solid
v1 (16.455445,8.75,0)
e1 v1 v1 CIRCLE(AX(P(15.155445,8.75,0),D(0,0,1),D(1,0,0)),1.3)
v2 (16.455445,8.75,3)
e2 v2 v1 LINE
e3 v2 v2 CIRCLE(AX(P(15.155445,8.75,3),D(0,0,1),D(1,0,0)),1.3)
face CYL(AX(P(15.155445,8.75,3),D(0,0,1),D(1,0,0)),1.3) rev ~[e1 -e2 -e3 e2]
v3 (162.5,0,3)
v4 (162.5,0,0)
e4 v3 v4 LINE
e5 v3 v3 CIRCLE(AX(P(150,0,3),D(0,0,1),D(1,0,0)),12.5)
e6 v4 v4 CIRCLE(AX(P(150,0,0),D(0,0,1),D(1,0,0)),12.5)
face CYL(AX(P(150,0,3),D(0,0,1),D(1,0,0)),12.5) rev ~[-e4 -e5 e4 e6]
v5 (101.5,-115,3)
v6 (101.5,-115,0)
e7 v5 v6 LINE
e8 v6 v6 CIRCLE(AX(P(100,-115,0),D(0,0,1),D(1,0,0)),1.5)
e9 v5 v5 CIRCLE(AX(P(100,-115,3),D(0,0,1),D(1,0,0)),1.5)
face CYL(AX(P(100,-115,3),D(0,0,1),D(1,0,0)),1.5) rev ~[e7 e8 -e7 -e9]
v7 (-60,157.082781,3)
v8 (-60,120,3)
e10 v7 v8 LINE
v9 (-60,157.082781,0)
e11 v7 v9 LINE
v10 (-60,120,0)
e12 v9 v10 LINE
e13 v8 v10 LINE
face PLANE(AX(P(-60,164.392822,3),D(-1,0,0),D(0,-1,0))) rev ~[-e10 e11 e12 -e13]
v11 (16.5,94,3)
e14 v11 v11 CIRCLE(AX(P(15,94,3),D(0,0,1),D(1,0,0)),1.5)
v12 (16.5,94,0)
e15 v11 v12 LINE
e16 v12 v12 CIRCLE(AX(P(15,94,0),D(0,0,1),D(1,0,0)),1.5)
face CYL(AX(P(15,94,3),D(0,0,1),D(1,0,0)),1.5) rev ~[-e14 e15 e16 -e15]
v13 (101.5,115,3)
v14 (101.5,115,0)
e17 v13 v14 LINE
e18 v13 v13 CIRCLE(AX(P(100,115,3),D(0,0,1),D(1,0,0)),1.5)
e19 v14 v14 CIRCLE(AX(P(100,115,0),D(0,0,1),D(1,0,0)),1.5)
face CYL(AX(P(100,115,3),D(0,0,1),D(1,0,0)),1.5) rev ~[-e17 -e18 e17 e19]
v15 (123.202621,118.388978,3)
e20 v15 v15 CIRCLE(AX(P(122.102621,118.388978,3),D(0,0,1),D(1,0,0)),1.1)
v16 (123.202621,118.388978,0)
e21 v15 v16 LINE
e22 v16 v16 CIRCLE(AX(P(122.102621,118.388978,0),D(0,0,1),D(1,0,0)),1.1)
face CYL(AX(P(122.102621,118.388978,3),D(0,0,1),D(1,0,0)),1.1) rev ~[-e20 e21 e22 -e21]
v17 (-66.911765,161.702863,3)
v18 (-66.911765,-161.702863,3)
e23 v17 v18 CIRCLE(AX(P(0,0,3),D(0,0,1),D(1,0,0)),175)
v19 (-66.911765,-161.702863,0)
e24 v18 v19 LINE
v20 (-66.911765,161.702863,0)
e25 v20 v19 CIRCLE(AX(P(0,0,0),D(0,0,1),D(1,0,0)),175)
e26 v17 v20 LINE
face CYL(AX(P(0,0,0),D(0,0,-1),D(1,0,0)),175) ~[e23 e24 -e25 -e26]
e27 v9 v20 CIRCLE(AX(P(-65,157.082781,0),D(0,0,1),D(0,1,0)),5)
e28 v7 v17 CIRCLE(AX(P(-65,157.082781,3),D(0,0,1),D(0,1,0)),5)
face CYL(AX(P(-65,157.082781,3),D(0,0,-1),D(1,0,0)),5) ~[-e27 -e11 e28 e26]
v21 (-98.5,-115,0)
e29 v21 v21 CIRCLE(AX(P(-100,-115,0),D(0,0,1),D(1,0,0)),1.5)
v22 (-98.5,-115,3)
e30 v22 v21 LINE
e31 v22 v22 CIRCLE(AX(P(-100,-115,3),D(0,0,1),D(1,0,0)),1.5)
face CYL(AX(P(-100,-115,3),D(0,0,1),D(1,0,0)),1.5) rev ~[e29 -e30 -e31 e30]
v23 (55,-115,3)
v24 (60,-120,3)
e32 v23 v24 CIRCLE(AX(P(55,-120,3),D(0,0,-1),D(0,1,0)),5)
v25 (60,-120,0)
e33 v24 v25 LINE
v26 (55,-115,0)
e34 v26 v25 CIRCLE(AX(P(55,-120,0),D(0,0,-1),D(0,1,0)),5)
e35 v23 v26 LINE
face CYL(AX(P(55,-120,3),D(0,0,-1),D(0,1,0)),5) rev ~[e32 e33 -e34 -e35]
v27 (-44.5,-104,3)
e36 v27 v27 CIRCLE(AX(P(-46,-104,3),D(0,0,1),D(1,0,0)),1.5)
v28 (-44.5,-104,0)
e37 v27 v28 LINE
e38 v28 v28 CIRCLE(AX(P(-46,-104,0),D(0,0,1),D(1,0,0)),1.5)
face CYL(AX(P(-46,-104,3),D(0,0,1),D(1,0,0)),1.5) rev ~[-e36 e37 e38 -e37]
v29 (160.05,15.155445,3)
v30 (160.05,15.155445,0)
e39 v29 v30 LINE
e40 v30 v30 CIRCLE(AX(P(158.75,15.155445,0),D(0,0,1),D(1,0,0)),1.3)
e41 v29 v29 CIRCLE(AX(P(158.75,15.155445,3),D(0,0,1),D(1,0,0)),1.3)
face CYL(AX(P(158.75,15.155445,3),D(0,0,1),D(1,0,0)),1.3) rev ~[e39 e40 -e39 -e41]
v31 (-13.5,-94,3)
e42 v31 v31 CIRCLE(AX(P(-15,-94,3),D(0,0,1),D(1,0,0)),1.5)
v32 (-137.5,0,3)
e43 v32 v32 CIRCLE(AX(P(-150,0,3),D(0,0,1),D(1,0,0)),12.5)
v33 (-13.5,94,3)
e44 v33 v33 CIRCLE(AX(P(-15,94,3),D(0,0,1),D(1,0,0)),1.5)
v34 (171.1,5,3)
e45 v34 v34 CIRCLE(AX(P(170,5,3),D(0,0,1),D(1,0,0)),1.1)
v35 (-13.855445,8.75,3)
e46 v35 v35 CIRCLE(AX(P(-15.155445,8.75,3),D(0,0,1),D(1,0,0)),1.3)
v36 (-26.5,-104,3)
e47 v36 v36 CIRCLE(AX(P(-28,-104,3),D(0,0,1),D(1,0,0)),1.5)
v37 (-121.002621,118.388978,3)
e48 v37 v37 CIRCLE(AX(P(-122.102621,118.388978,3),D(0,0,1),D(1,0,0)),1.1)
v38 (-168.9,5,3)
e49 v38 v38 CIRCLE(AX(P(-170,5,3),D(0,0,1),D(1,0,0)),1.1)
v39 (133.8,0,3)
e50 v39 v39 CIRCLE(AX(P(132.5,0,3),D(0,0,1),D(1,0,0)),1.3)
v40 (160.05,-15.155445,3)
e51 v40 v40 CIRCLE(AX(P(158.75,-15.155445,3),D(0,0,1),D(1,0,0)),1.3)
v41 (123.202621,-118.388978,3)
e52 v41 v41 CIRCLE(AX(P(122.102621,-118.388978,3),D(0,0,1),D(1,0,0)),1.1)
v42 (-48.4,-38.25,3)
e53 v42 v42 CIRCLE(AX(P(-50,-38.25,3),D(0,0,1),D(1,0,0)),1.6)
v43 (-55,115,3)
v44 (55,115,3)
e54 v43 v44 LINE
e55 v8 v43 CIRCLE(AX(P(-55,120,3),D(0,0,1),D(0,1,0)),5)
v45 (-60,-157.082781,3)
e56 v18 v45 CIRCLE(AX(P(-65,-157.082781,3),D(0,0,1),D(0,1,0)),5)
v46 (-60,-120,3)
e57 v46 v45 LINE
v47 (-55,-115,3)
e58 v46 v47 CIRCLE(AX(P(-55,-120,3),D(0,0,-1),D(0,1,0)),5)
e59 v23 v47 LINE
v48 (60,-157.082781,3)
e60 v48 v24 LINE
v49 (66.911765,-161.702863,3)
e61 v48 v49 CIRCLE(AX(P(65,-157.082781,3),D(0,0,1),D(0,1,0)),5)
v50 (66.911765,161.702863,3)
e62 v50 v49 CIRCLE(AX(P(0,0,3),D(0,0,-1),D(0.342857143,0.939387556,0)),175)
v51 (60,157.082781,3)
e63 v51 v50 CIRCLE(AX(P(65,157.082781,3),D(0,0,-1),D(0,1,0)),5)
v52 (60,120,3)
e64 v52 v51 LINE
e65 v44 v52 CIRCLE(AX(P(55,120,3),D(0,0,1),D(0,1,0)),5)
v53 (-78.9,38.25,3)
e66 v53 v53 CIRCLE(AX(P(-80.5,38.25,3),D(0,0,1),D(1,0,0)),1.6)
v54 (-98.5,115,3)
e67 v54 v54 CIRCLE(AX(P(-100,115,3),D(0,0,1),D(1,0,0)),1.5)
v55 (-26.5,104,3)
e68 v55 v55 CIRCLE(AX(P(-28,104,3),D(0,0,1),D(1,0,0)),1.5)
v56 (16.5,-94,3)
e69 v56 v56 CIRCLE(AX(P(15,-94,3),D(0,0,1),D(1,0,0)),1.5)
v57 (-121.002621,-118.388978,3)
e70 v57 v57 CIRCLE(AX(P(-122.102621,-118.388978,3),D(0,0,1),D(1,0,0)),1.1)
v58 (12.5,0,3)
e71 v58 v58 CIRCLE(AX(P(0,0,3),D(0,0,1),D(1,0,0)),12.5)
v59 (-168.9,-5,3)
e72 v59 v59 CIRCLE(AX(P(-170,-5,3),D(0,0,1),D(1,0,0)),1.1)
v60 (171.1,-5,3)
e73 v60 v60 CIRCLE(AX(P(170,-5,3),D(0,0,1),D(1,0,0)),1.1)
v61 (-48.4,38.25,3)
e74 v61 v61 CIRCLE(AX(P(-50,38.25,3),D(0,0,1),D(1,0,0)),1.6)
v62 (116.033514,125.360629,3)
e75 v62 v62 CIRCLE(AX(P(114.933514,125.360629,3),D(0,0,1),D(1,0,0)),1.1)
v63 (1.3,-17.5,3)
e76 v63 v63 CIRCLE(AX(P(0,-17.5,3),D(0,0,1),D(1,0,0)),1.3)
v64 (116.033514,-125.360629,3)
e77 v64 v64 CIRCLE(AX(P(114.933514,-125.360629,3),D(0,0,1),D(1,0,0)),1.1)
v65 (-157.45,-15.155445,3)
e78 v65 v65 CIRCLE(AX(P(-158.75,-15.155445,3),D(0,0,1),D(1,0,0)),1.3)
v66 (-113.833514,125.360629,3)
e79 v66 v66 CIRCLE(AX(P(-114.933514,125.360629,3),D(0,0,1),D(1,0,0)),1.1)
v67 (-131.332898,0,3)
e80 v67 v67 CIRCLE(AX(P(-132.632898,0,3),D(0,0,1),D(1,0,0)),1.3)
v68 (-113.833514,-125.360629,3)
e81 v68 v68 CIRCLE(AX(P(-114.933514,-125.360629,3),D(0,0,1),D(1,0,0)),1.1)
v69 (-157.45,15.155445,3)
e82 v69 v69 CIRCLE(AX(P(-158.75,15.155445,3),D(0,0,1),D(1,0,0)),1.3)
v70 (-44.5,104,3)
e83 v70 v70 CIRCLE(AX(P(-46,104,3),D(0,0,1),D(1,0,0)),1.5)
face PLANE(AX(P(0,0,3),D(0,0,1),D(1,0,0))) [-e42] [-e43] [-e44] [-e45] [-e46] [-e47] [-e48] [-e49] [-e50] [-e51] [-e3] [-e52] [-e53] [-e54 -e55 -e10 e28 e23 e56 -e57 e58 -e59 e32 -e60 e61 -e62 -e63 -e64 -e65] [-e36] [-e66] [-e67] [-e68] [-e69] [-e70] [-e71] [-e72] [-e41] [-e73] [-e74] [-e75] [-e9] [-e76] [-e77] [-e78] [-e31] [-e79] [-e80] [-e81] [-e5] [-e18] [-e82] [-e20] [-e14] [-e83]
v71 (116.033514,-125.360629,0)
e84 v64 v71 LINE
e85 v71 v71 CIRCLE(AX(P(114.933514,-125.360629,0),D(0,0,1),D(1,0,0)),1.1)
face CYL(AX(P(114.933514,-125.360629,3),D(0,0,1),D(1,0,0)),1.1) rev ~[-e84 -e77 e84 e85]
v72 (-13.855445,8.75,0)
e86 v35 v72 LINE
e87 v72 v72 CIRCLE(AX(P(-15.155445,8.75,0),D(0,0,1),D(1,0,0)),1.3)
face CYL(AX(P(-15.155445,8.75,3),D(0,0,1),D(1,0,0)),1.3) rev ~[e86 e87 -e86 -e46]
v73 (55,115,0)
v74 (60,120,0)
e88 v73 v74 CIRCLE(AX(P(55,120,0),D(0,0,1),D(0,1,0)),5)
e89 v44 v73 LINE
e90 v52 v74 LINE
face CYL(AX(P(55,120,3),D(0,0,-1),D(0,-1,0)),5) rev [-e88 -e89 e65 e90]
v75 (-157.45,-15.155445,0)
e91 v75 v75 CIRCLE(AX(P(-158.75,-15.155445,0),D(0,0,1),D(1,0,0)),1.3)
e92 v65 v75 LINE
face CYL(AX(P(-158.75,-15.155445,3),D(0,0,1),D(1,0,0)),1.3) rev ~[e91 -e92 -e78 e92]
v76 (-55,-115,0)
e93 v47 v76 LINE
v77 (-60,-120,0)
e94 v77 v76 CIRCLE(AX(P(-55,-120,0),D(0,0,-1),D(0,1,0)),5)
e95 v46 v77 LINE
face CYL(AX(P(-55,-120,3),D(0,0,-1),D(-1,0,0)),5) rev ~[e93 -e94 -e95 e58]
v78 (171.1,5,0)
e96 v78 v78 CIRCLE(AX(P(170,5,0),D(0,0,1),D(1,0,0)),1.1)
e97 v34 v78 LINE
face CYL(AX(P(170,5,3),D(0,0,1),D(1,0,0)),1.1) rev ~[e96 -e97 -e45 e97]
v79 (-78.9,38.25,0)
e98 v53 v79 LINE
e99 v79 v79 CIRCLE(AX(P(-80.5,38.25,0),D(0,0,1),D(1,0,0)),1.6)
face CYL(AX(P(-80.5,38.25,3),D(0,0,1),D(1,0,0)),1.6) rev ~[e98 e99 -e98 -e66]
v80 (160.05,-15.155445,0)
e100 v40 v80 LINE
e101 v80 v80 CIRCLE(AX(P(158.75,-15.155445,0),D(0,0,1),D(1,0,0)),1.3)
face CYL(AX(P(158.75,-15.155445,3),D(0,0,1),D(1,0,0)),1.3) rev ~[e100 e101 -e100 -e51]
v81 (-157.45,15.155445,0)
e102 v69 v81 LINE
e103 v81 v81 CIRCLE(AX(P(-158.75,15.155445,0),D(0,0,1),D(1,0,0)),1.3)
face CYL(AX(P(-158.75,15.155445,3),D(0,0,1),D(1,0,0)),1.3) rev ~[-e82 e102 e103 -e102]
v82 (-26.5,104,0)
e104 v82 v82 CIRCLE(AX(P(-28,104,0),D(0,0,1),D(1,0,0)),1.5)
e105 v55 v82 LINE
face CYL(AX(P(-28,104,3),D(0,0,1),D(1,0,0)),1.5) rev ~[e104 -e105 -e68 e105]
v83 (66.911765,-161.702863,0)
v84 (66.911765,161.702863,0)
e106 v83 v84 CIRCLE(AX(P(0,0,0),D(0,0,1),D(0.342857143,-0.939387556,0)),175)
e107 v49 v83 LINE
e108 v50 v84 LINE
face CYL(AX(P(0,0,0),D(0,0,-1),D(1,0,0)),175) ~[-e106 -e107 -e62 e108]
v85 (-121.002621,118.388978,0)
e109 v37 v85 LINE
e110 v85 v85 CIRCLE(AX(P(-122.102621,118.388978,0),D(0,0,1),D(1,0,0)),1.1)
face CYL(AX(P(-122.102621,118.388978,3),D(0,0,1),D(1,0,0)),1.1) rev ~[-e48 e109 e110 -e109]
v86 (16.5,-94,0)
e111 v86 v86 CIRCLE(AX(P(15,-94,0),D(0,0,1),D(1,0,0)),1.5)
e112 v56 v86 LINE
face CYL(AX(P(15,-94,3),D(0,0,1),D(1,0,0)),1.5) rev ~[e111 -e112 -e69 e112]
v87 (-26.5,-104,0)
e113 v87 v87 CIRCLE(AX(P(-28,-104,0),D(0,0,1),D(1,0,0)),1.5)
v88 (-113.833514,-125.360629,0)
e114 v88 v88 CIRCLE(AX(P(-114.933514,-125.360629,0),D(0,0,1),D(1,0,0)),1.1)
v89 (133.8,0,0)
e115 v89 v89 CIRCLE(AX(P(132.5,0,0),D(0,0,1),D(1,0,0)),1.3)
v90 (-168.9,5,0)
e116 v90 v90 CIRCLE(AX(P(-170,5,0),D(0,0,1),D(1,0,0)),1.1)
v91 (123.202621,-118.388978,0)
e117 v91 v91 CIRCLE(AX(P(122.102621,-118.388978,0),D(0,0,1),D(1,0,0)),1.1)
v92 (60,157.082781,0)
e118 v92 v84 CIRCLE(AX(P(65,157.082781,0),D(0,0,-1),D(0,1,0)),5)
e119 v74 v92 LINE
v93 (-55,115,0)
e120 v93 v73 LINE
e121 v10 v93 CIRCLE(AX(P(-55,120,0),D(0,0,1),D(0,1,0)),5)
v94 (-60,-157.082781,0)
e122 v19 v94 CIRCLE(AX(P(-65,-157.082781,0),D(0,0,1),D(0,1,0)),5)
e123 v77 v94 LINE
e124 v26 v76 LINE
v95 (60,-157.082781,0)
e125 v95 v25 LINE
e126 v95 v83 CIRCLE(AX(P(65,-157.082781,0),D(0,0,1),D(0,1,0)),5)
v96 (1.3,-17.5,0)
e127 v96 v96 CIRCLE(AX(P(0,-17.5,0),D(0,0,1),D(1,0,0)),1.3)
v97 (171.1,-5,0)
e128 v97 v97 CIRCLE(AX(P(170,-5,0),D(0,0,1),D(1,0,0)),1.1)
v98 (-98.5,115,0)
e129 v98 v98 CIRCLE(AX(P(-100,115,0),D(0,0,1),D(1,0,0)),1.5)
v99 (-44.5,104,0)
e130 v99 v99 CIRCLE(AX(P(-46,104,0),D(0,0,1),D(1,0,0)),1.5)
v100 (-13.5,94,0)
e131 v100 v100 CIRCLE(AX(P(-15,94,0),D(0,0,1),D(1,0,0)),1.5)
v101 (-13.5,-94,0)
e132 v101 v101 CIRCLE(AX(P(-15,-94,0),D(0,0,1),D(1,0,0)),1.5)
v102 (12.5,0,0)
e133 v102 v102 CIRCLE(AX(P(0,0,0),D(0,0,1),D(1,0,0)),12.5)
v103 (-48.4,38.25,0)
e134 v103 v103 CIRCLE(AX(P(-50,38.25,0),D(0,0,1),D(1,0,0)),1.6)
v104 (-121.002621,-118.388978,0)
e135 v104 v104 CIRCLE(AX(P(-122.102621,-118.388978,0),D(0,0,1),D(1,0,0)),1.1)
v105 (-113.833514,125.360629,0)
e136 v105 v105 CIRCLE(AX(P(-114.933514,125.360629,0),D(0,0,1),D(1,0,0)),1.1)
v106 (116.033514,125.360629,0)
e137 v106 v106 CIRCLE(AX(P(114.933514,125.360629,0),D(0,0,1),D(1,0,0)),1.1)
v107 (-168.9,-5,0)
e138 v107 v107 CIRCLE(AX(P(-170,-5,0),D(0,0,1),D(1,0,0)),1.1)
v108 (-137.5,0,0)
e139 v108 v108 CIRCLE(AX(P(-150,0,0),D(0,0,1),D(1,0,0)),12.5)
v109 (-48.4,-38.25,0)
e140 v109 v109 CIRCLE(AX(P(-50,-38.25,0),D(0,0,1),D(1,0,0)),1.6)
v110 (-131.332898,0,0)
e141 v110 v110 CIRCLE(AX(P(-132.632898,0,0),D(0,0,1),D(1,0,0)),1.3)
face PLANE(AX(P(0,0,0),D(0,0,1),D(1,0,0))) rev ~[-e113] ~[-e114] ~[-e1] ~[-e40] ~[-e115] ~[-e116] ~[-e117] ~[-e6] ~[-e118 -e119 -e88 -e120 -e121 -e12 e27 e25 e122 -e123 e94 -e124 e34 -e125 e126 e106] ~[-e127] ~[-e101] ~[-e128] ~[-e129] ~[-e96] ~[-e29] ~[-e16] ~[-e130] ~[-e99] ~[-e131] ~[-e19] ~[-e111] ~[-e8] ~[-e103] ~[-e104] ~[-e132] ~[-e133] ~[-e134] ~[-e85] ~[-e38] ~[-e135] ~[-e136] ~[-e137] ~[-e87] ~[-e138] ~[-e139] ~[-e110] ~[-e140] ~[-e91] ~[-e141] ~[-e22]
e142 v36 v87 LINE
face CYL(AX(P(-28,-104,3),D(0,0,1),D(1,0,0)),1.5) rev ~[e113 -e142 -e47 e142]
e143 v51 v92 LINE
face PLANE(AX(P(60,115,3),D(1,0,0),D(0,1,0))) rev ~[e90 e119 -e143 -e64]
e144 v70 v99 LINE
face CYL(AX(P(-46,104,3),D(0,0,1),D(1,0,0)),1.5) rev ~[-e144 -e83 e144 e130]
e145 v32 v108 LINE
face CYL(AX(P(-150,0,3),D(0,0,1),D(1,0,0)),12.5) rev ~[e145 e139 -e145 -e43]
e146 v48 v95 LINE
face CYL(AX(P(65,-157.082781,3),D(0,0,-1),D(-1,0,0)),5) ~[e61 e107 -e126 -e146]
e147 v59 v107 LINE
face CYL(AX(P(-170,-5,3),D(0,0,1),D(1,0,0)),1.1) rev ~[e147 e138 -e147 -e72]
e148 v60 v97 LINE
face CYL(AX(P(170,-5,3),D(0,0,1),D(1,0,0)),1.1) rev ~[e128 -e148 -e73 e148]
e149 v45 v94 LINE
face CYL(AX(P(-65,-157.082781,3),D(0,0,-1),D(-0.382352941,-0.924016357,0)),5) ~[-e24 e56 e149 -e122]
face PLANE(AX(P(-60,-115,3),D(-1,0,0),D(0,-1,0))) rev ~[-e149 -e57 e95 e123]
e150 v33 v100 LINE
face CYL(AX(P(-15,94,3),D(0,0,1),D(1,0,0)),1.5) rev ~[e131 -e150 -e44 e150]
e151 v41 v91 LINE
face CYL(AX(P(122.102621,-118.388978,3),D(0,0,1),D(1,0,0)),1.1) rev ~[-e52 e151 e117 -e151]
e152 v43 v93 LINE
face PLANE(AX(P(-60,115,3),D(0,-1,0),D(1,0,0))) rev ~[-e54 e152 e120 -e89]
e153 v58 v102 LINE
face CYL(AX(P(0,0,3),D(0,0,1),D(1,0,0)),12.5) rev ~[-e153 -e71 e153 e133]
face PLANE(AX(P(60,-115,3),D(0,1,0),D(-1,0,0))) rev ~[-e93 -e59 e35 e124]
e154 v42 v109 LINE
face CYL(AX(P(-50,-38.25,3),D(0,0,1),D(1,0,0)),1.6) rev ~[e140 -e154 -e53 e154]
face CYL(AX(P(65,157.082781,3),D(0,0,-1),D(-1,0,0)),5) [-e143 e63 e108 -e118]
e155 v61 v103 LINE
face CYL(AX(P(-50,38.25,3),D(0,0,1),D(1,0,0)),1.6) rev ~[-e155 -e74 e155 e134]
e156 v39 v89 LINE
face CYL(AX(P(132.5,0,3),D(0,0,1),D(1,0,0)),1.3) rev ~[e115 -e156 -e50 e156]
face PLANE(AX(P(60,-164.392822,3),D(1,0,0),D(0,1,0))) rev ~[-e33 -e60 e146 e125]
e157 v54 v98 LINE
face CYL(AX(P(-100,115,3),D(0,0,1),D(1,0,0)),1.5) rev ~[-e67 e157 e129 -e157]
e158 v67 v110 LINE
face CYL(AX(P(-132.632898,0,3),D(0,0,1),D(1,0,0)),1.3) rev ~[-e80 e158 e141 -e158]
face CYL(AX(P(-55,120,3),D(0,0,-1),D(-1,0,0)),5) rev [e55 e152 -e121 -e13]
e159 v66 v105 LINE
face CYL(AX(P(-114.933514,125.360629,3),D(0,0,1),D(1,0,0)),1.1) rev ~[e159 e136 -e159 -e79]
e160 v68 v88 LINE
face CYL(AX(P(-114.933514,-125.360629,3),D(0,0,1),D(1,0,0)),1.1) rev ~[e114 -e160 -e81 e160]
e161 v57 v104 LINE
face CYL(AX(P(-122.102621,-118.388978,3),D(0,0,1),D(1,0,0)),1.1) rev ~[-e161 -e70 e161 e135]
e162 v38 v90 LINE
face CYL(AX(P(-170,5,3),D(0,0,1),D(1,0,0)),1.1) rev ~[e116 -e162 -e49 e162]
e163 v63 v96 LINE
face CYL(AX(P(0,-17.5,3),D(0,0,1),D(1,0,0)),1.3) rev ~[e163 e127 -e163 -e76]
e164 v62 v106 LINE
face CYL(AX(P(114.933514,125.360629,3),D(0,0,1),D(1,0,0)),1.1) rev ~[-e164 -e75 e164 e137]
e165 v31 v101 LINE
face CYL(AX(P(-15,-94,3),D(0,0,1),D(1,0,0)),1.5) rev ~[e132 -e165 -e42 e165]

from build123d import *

# Parameters (mm, degrees)
SKETCH_1_R           = 175
EXTRUDE_1_DEPTH      = 3
CUT_EXTRUDE_1_DEPTH  = 3
FILLET_1_R           = 5
FILLET_2_R           = 5
FILLET_3_R           = 5
SKETCH_5_R           = 1.5
CUT_EXTRUDE_4_DEPTH  = 3
SKETCH_10_R          = 12.5
SKETCH_10_R_2        = 1.3
CUT_EXTRUDE_13_DEPTH = 10
SKETCH_14_R          = 1.1
CUT_EXTRUDE_14_DEPTH = 10
SKETCH_12_R          = 1.5
CUT_EXTRUDE_17_DEPTH = 10
SKETCH_13_R          = 1.5
CUT_EXTRUDE_18_DEPTH = 5
SKETCH_17_R          = 1.1
CUT_EXTRUDE_19_DEPTH = 10
SKETCH_18_R          = 1.6
CUT_EXTRUDE_20_DEPTH = 10


with BuildPart() as part:
    # ｽｹｯﾁ1 → ﾎﾞｽ - 押し出し1 (new body)
    with BuildSketch(Plane.XY):
        Circle(SKETCH_1_R)
    extrude(amount=EXTRUDE_1_DEPTH)

    # ｽｹｯﾁ2 → ｶｯﾄ - 押し出し1 (cut)
    with BuildSketch(Plane.XY.offset(3)):
        with BuildLine():
            Line((-60, 115), (0, 115))
            Line((0, 115), (0, 175))
            ThreePointArc((0, 175), (-30.465194158, 172.327803749), (-60, 164.392822228))
            Line((-60, 164.392822228), (-60, 115))
        make_face()
        with BuildLine():
            Line((0, 175), (0, 115))
            Line((0, 115), (60, 115))
            Line((60, 115), (60, 164.392822228))
            ThreePointArc((60, 164.392822228), (30.465194158, 172.327803749), (0, 175))
        make_face()
        with BuildLine():
            Line((0, -175), (0, -115))
            Line((0, -115), (-60, -115))
            Line((-60, -115), (-60, -164.392822228))
            ThreePointArc((-60, -164.392822228), (-30.465194158, -172.327803749), (0, -175))
        make_face()
        with BuildLine():
            Line((60, -115), (0, -115))
            Line((0, -115), (0, -175))
            ThreePointArc((0, -175), (30.465194158, -172.327803749), (60, -164.392822228))
            Line((60, -164.392822228), (60, -115))
        make_face()
    extrude(amount=-CUT_EXTRUDE_1_DEPTH, mode=Mode.SUBTRACT)

    # ﾌｨﾚｯﾄ1
    fillet_1_edges = [part.edges().sort_by_distance(p)[0] for p in [
        (-60, 164.392822228, 1.5),
    ]]
    fillet(fillet_1_edges, radius=FILLET_1_R)

    # ﾌｨﾚｯﾄ2
    fillet_2_edges = [part.edges().sort_by_distance(p)[0] for p in [
        (-60, 115, 1.5),
        (60, 164.392822228, 1.5),
        (60, 115, 1.5),
    ]]
    fillet(fillet_2_edges, radius=FILLET_2_R)

    # ﾌｨﾚｯﾄ3
    fillet_3_edges = [part.edges().sort_by_distance(p)[0] for p in [
        (-60, -115, 1.5),
        (60, -115, 1.5),
        (60, -164.392822228, 1.5),
        (-60, -164.392822228, 1.5),
    ]]
    fillet(fillet_3_edges, radius=FILLET_3_R)

    # ｽｹｯﾁ5 → ｶｯﾄ - 押し出し4 (cut)
    with BuildSketch(Plane.XY.offset(3)):
        with Locations((-100, -115)):
            Circle(SKETCH_5_R)
        with Locations((100, -115)):
            Circle(SKETCH_5_R)
        with Locations((100, 115)):
            Circle(SKETCH_5_R)
        with Locations((-100, 115)):
            Circle(SKETCH_5_R)
    extrude(amount=-CUT_EXTRUDE_4_DEPTH, mode=Mode.SUBTRACT)

    # ｽｹｯﾁ10 → ｶｯﾄ - 押し出し13 (cut)
    with BuildSketch(Plane.XY.offset(3)):
        with Locations((-150, 0)):
            Circle(SKETCH_10_R)
        with Locations((150, 0)):
            Circle(SKETCH_10_R)
        Circle(SKETCH_10_R)
        with Locations((132.5, 0)):
            Circle(SKETCH_10_R_2)
        with Locations((158.75, 15.155444566)):
            Circle(SKETCH_10_R_2)
        with Locations((158.75, -15.155444566)):
            Circle(SKETCH_10_R_2)
        with Locations((-15.155444566, 8.75)):
            Circle(SKETCH_10_R_2)
        with Locations((15.155444566, 8.75)):
            Circle(SKETCH_10_R_2)
        with Locations((0, -17.5)):
            Circle(SKETCH_10_R_2)
        with Locations((-158.75, 15.155444566)):
            Circle(SKETCH_10_R_2)
        with Locations((-158.75, -15.155444566)):
            Circle(SKETCH_10_R_2)
        with Locations((-132.632898389, 0)):
            Circle(SKETCH_10_R_2)
    extrude(amount=-CUT_EXTRUDE_13_DEPTH, mode=Mode.SUBTRACT)

    # ｽｹｯﾁ14 → ｶｯﾄ - 押し出し14 (cut)
    with BuildSketch(Plane.XY.offset(3)):
        with Locations((-170, 5)):
            Circle(SKETCH_14_R)
        with Locations((-170, -5)):
            Circle(SKETCH_14_R)
        with Locations((-114.933514447, 125.360628815)):
            Circle(SKETCH_14_R)
        with Locations((-122.102620524, 118.388977786)):
            Circle(SKETCH_14_R)
        with Locations((-122.102620524, -118.388977786)):
            Circle(SKETCH_14_R)
        with Locations((-114.933514447, -125.360628815)):
            Circle(SKETCH_14_R)
    extrude(amount=-CUT_EXTRUDE_14_DEPTH, mode=Mode.SUBTRACT)

    # ｽｹｯﾁ12 → ｶｯﾄ - 押し出し17 (cut)
    with BuildSketch(Plane.XY.offset(3)):
        with Locations((-15, 94)):
            Circle(SKETCH_12_R)
        with Locations((15, 94)):
            Circle(SKETCH_12_R)
        with Locations((-15, -94)):
            Circle(SKETCH_12_R)
        with Locations((15, -94)):
            Circle(SKETCH_12_R)
    extrude(amount=-CUT_EXTRUDE_17_DEPTH, mode=Mode.SUBTRACT)

    # ｽｹｯﾁ13 → ｶｯﾄ - 押し出し18 (cut)
    with BuildSketch(Plane.XY.offset(3)):
        with Locations((-28, -104)):
            Circle(SKETCH_13_R)
        with Locations((-46, -104)):
            Circle(SKETCH_13_R)
        with Locations((-46, 104)):
            Circle(SKETCH_13_R)
        with Locations((-28, 104)):
            Circle(SKETCH_13_R)
    extrude(amount=-CUT_EXTRUDE_18_DEPTH, mode=Mode.SUBTRACT)

    # ｽｹｯﾁ17 → ｶｯﾄ - 押し出し19 (cut)
    with BuildSketch(Plane.XY.offset(3)):
        with Locations((170, 5)):
            Circle(SKETCH_17_R)
        with Locations((170, -5)):
            Circle(SKETCH_17_R)
        with Locations((114.933514447, 125.360628815)):
            Circle(SKETCH_17_R)
        with Locations((122.102620524, 118.388977786)):
            Circle(SKETCH_17_R)
        with Locations((122.102620524, -118.388977786)):
            Circle(SKETCH_17_R)
        with Locations((114.933514447, -125.360628815)):
            Circle(SKETCH_17_R)
    extrude(amount=-CUT_EXTRUDE_19_DEPTH, mode=Mode.SUBTRACT)

    # ｽｹｯﾁ18 → ｶｯﾄ - 押し出し20 (cut)
    with BuildSketch(Plane.XY.offset(3)):
        with Locations((-50, 38.25)):
            Circle(SKETCH_18_R)
        with Locations((-80.5, 38.25)):
            Circle(SKETCH_18_R)
        with Locations((-50, -38.25)):
            Circle(SKETCH_18_R)
    extrude(amount=-CUT_EXTRUDE_20_DEPTH, mode=Mode.SUBTRACT)


solid = part.part
